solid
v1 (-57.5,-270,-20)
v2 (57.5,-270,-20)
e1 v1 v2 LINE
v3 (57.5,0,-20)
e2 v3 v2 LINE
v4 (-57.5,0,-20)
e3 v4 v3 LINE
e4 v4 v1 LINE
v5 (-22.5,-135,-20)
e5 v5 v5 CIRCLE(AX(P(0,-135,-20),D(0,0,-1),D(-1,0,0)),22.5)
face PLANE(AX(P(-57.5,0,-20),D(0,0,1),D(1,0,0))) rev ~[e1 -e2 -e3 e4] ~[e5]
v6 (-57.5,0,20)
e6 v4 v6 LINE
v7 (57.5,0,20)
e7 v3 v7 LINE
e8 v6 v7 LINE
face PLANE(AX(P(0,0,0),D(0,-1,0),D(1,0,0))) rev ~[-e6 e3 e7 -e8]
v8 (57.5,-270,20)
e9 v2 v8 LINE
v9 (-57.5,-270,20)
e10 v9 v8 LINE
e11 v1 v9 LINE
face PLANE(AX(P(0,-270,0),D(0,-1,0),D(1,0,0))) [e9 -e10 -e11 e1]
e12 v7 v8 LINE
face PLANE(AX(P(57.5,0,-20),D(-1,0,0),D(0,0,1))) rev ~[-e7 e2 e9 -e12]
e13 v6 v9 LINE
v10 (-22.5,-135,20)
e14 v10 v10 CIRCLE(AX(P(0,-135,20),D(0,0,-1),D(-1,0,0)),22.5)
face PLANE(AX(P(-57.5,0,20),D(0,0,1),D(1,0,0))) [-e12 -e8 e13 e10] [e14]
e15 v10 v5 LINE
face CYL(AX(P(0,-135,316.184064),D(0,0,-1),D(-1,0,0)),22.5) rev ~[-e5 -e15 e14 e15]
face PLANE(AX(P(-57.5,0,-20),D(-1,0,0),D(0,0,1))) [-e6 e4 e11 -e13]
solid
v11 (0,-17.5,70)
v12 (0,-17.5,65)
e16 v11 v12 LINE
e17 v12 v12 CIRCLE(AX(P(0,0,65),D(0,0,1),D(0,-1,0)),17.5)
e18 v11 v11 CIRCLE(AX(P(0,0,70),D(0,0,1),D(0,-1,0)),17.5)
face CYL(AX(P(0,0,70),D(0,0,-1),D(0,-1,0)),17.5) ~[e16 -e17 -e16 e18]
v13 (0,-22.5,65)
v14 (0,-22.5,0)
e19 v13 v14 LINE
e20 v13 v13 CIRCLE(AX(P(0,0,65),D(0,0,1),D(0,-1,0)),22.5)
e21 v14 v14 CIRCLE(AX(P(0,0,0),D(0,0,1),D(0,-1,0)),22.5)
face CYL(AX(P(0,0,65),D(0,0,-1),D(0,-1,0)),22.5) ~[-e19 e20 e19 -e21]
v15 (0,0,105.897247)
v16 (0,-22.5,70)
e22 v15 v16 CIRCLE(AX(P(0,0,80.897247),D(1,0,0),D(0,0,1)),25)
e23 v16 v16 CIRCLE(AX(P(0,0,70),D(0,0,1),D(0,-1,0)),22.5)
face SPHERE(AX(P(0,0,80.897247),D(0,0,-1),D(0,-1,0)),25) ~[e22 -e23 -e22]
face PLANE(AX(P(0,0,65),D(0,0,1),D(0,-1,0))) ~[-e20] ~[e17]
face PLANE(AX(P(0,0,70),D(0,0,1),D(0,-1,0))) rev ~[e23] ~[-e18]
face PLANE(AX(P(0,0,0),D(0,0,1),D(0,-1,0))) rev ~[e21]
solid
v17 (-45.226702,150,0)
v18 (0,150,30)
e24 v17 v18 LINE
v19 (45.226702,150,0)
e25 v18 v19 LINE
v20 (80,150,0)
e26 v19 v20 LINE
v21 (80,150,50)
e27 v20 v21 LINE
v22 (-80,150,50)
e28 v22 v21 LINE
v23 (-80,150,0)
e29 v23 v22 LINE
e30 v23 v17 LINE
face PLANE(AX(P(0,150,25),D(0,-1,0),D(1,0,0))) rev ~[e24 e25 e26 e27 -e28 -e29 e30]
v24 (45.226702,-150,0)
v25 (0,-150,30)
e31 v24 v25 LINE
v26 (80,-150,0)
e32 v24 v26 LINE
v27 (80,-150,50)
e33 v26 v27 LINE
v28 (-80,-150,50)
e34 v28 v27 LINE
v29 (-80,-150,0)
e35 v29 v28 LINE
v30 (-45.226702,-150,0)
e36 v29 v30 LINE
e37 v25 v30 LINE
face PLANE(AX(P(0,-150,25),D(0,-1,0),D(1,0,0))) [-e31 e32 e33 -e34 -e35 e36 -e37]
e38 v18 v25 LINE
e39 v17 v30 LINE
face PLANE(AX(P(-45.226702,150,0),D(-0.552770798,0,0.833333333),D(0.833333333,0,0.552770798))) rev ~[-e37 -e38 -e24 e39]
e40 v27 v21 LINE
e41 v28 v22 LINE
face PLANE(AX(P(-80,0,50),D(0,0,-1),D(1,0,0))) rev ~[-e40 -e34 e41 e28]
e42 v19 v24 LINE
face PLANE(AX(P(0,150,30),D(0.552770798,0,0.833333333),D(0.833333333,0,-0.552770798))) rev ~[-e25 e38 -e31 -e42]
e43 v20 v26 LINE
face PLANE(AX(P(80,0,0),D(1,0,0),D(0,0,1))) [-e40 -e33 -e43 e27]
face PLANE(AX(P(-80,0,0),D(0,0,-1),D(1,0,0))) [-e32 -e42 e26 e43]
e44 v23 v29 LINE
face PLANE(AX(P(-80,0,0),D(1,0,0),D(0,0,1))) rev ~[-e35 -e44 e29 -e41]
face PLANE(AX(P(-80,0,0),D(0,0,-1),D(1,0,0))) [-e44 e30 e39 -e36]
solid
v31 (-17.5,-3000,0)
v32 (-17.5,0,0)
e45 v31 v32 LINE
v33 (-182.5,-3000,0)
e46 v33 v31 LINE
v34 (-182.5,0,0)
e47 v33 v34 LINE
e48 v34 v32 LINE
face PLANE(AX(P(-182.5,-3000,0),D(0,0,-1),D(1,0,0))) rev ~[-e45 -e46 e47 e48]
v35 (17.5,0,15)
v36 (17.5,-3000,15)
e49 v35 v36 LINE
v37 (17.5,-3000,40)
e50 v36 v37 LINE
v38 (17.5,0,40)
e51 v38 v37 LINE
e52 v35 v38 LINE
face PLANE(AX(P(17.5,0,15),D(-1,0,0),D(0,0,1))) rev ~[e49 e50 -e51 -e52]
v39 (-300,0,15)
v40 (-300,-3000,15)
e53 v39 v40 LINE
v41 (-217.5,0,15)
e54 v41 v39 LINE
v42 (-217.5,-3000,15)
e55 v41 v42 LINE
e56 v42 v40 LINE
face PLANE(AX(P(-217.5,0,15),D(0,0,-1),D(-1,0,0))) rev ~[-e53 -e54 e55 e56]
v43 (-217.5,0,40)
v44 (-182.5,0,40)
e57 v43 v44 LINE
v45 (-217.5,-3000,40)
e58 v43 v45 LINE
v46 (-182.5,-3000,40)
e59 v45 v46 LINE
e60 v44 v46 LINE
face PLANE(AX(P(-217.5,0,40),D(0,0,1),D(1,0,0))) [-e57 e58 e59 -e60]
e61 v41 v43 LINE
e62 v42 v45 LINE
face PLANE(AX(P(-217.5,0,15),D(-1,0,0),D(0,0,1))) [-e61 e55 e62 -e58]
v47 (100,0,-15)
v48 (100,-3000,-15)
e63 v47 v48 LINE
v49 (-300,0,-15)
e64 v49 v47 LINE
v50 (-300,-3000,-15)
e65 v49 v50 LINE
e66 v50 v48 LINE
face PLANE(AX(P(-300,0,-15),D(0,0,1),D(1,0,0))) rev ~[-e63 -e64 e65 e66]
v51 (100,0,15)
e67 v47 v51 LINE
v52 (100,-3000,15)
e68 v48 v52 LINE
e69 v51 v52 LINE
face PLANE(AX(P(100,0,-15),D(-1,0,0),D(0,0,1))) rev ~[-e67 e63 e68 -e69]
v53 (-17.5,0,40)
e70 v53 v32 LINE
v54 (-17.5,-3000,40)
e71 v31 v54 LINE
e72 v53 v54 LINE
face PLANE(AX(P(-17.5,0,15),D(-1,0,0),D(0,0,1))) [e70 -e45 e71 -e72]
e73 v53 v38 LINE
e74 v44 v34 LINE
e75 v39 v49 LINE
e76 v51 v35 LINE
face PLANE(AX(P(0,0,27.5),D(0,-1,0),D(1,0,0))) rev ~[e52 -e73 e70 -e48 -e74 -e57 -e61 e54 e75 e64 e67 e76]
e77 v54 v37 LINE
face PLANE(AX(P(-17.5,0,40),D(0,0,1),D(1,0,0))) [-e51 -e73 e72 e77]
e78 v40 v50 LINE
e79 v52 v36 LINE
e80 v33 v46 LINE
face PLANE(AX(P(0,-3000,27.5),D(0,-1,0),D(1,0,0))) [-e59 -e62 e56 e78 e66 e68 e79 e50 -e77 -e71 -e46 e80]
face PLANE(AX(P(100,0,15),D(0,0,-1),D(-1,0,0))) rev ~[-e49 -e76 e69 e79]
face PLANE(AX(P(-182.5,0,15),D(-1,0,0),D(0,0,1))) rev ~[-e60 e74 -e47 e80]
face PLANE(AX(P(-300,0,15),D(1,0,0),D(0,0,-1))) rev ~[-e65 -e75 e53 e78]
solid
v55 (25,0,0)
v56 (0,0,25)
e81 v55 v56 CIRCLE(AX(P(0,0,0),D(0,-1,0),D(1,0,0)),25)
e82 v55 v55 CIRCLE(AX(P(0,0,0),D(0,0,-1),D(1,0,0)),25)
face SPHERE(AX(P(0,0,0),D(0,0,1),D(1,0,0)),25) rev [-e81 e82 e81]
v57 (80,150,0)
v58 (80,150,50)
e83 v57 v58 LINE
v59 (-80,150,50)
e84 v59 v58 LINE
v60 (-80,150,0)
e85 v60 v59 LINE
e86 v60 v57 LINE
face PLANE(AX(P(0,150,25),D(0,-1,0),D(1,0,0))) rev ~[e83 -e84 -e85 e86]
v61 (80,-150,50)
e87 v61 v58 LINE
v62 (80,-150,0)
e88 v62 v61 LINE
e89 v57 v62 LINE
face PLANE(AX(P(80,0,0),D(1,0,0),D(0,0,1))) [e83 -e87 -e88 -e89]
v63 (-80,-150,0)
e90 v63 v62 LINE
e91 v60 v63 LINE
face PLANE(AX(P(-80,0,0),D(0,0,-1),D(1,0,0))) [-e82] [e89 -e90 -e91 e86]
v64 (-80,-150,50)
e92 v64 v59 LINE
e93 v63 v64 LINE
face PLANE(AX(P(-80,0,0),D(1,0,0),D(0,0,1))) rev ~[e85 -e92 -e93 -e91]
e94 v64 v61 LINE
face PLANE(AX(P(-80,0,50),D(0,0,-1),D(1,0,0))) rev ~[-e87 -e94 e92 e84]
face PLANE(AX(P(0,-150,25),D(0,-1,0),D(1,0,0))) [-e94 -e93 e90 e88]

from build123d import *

# Parameters (mm, degrees)
F0_W           = 35
F0_H           = 25
F1_DEPTH       = 3000
F2_W           = 165
F2_H           = 15
F3_DEPTH       = 3000.001
F4_W           = 115
F4_H           = 40
F5_DEPTH       = 270
F7_D           = 45
F10_W          = 160
F10_H          = 50
F11_DEPTH      = 150
F11_DEPTH_BACK = 150
F15_DEPTH      = 150
F15_DEPTH_BACK = 150
F17_DEPTH      = 3150.001


with BuildPart() as f1:
    # F0 (on Front) → F1 (new body)
    with BuildSketch(Plane.XZ):
        with Locations((0, 27.5)):
            Rectangle(F0_W, F0_H)
        Polygon((-100, -15), (100, -15), (100, 15), (17.5, 15), (-17.5, 15), (-100, 15), align=None)
        with Locations((-200, 27.5)):
            Rectangle(F0_W, F0_H)
        Polygon((-300, -15), (-100, -15), (-100, 15), (-182.5, 15), (-217.5, 15), (-300, 15), align=None)
    extrude(amount=F1_DEPTH)

    # F2 (on face) → F3 (cut, through all)
    with BuildSketch(Plane.XZ.offset(3000)):
        with Locations((-100, 7.5)):
            Rectangle(F2_W, F2_H)
    extrude(amount=-F3_DEPTH, mode=Mode.SUBTRACT)


with BuildPart() as f5:
    # F4 (on Front) → F5 (new body)
    with BuildSketch(Plane.XZ):
        Rectangle(F4_W, F4_H)
    extrude(amount=F5_DEPTH)

    # F7 (through all)
    with Locations(Plane.XY.offset(20)):
        with Locations((0, -135)):
            Hole(F7_D / 2)


with BuildPart() as f9:
    # F8 (on Right) → F9 (revolve)
    with BuildSketch(Plane.YZ):
        with BuildLine():
            Line((-22.5, 65), (-22.5, 0))
            Line((-22.5, 0), (0, 0))
            Line((0, 0), (0, 80.8972473589))
            Line((0, 80.8972473589), (0, 105.8972473589))
            ThreePointArc((0, 105.8972473589), (-21.1829080153, 94.1744612238), (-22.5, 70))
            Line((-22.5, 70), (-17.5, 70))
            Line((-17.5, 70), (-17.5, 65))
            Line((-17.5, 65), (-22.5, 65))
        make_face()
    revolve(axis=Axis((0, 0, 40.4486236794), (0, 0, 1)))


with BuildPart() as f11:
    # F10 (on Front) → F11 (new body, two sides)
    with BuildSketch(Plane.XZ) as f11_sk:
        with Locations((0, 25)):
            Rectangle(F10_W, F10_H)
    extrude(amount=F11_DEPTH)
    extrude(f11_sk.sketch, amount=-F11_DEPTH_BACK)


with BuildPart() as f13:
    # F12 (on Front) → F13 (revolve)
    with BuildSketch(Plane.XZ):
        with BuildLine():
            Line((0, 0), (25, 0))
            ThreePointArc((25, 0), (17.6776695297, 17.6776695297), (0, 25))
            Line((0, 25), (0, 0))
        make_face()
    revolve(axis=Axis((0, 0, 12.5), (0, 0, -1)))


with BuildPart() as f11_1:
    add(f11.part)

    # F14: cut F13
    add(f13.part, mode=Mode.SUBTRACT)


with BuildPart() as f15:
    # F10 (on Front) → F15 (new body, two sides)
    with BuildSketch(Plane.XZ) as f15_sk:
        with Locations((0, 25)):
            Rectangle(F10_W, F10_H)
    extrude(amount=F15_DEPTH)
    extrude(f15_sk.sketch, amount=-F15_DEPTH_BACK)

    # F16 (on face) → F17 (cut, through all)
    with BuildSketch(Plane(origin=(0, 150, 0), x_dir=(-1, 0, 0), z_dir=(0, 1, 0))):
        Polygon((0, 30), (-45.2267016867, 0), (45.2267016867, 0), align=None)
    extrude(amount=-F17_DEPTH, mode=Mode.SUBTRACT)


solid = Compound([f1.part, f5.part, f9.part, f11_1.part, f15.part])
